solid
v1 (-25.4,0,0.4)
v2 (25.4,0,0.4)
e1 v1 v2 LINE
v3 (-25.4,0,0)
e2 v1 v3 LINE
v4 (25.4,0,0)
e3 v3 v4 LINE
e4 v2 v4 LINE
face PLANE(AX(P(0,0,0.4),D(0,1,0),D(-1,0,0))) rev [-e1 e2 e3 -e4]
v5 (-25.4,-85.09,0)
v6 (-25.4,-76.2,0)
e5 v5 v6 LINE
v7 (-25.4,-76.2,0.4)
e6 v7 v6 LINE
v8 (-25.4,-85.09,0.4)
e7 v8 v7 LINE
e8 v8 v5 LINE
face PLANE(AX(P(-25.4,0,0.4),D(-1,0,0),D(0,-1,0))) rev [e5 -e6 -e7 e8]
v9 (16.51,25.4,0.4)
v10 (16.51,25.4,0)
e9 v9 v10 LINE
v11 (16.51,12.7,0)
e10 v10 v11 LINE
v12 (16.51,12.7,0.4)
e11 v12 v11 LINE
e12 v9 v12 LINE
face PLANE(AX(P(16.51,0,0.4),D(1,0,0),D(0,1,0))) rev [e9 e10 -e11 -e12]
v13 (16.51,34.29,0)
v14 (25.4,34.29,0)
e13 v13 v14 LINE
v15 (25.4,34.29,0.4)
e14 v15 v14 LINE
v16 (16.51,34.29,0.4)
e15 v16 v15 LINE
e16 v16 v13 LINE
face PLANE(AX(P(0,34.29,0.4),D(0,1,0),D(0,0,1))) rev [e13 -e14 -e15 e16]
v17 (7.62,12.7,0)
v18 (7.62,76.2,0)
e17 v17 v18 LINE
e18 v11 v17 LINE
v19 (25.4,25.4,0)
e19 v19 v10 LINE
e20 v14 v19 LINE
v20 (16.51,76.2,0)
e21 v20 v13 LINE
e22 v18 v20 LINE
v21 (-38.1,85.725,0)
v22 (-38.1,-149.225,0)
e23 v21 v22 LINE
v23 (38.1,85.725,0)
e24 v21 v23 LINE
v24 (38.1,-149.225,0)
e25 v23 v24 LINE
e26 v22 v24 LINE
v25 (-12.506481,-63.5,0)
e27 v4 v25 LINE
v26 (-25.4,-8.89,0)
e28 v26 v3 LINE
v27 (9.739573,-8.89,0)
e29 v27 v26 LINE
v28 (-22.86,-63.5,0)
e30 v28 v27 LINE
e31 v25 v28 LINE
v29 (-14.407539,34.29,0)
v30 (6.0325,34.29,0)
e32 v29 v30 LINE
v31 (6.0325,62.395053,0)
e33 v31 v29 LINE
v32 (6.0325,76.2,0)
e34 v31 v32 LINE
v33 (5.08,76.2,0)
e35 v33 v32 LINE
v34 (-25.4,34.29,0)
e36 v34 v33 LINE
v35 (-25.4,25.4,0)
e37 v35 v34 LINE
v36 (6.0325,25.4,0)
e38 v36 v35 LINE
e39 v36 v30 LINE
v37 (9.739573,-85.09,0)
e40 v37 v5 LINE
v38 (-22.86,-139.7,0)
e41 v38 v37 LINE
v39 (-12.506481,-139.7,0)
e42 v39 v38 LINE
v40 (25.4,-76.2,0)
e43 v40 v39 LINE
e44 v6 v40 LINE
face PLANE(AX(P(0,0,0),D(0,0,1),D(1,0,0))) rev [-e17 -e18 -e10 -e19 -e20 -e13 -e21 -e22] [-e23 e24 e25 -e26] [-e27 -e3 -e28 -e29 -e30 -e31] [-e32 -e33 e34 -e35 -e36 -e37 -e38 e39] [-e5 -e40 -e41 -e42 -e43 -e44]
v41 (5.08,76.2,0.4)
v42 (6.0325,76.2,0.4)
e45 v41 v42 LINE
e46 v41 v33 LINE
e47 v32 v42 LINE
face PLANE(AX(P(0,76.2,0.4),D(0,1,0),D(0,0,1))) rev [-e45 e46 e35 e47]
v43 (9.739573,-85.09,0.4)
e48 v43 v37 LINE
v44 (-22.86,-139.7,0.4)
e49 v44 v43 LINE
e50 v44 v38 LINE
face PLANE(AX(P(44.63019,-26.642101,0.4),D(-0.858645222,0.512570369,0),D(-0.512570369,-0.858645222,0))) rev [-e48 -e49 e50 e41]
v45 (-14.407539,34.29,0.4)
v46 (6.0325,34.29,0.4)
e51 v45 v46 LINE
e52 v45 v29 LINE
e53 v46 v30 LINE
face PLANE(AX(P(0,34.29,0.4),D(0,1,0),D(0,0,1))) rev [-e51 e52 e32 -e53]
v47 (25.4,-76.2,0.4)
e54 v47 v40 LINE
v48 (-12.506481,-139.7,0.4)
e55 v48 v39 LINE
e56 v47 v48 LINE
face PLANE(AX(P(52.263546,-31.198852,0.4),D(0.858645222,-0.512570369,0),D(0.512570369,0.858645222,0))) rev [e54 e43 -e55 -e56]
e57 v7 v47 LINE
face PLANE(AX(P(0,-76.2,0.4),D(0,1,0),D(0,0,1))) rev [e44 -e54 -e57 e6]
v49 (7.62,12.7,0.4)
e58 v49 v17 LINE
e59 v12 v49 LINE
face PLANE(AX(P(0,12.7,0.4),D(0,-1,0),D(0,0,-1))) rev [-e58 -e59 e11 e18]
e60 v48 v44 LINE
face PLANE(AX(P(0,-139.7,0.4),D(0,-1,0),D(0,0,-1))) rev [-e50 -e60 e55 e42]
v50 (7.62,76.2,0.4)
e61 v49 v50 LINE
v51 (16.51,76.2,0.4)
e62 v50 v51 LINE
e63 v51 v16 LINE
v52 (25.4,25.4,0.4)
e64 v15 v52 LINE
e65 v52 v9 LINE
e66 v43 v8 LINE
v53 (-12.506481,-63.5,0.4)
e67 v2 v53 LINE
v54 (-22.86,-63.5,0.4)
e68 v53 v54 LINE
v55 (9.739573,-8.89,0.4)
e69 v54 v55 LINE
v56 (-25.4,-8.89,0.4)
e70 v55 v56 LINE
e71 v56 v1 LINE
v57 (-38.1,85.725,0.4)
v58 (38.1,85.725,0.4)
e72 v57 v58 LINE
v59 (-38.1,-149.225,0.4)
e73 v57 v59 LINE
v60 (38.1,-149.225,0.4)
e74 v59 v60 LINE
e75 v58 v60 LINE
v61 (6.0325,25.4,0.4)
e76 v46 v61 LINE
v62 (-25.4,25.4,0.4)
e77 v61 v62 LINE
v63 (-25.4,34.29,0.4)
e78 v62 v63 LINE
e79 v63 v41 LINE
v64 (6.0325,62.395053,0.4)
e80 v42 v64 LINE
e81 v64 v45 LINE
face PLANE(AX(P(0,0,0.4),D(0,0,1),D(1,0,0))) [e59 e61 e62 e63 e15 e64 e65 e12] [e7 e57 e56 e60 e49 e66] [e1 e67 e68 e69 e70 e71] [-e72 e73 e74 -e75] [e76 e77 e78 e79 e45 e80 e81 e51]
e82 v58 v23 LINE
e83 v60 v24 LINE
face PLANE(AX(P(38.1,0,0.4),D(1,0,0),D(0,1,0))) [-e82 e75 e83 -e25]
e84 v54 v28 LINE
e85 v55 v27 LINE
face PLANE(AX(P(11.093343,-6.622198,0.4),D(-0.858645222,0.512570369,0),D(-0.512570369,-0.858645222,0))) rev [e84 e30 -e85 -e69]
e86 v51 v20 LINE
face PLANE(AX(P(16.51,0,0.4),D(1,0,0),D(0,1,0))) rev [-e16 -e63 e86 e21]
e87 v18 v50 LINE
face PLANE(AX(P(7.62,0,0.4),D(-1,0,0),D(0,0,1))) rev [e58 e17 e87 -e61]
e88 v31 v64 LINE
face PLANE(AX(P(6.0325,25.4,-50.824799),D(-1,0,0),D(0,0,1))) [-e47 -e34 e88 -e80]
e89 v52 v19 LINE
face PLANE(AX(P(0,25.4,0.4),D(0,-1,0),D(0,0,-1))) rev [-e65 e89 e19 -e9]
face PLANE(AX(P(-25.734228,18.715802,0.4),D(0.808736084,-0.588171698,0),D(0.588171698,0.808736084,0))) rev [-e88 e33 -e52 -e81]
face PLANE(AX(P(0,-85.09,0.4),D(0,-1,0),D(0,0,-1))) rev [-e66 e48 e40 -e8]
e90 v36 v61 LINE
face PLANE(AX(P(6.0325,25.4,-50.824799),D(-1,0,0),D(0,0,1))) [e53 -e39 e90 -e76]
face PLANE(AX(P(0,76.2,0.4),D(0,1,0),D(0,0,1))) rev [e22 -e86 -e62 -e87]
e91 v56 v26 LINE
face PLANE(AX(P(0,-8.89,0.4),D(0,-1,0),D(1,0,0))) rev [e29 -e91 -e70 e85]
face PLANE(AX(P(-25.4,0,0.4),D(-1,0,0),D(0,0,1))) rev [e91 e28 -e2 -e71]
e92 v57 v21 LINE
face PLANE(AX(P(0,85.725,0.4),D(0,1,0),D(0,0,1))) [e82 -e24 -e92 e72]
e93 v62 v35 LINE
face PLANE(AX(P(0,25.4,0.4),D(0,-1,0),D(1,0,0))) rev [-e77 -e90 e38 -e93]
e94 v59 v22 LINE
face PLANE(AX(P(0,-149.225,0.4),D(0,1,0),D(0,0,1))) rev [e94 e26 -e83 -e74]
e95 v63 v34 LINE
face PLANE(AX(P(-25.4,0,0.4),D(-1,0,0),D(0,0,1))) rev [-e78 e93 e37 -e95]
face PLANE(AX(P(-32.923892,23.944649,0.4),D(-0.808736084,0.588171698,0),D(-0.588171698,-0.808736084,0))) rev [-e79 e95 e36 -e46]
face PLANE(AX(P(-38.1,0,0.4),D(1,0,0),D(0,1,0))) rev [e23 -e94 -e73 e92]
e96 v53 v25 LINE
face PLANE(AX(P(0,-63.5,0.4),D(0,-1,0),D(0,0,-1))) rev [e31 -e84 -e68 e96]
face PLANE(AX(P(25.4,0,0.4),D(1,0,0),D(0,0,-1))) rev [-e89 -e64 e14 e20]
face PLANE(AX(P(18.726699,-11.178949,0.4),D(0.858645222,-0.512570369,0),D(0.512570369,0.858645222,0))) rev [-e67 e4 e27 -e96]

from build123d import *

# Parameters (mm, degrees)
BOSS_EXTRUDE1_DEPTH   = 0.4
SKETCH1_W             = 76.2
SKETCH1_H             = 234.95
BOSS_EXTRUDE1_2_DEPTH = 0.4
SKETCH2_W             = 1.5875
SKETCH2_H             = 50.8
BOSS_EXTRUDE2_DEPTH   = 0.4


with BuildPart() as part:
    # Sketch1 → Boss-Extrude1 (new body)
    with BuildSketch(Plane.XY):
        Polygon((7.62, 64.577865897), (-14.407538834, 34.29), (7.62, 34.29), align=None)
    extrude(amount=BOSS_EXTRUDE1_DEPTH)



with BuildPart() as body_2:
    # Sketch1 → Boss-Extrude1 2 (new body)
    with BuildSketch(Plane.XY):
        with Locations((0, -31.75)):
            Rectangle(SKETCH1_W, SKETCH1_H)
        Polygon((16.51, 76.2), (16.51, 34.29), (25.4, 34.29), (25.4, 25.4), (16.51, 25.4), (16.51, 12.7), (7.62, 12.7), (7.62, 25.4), (-25.4, 25.4), (-25.4, 34.29), (5.08, 76.2), align=None, mode=Mode.SUBTRACT)
        Polygon((-25.4, 0), (25.4, 0), (-12.506480557, -63.5), (-22.86, -63.5), (9.739573279, -8.89), (-25.4, -8.89), align=None, mode=Mode.SUBTRACT)
        Polygon((-25.4, -76.2), (25.4, -76.2), (-12.506480557, -139.7), (-22.86, -139.7), (9.739573279, -85.09), (-25.4, -85.09), align=None, mode=Mode.SUBTRACT)
    extrude(amount=BOSS_EXTRUDE1_2_DEPTH)


with BuildPart() as part_1:
    add(part.part)

    add(body_2.part)  # Boss-Extrude2 merges body 2
    # Sketch2 → Boss-Extrude2 (add)
    with BuildSketch(Plane.XY.offset(0.4)):
        with Locations((6.82625, 50.8)):
            Rectangle(SKETCH2_W, SKETCH2_H)
    extrude(amount=-BOSS_EXTRUDE2_DEPTH)


solid = part_1.part
